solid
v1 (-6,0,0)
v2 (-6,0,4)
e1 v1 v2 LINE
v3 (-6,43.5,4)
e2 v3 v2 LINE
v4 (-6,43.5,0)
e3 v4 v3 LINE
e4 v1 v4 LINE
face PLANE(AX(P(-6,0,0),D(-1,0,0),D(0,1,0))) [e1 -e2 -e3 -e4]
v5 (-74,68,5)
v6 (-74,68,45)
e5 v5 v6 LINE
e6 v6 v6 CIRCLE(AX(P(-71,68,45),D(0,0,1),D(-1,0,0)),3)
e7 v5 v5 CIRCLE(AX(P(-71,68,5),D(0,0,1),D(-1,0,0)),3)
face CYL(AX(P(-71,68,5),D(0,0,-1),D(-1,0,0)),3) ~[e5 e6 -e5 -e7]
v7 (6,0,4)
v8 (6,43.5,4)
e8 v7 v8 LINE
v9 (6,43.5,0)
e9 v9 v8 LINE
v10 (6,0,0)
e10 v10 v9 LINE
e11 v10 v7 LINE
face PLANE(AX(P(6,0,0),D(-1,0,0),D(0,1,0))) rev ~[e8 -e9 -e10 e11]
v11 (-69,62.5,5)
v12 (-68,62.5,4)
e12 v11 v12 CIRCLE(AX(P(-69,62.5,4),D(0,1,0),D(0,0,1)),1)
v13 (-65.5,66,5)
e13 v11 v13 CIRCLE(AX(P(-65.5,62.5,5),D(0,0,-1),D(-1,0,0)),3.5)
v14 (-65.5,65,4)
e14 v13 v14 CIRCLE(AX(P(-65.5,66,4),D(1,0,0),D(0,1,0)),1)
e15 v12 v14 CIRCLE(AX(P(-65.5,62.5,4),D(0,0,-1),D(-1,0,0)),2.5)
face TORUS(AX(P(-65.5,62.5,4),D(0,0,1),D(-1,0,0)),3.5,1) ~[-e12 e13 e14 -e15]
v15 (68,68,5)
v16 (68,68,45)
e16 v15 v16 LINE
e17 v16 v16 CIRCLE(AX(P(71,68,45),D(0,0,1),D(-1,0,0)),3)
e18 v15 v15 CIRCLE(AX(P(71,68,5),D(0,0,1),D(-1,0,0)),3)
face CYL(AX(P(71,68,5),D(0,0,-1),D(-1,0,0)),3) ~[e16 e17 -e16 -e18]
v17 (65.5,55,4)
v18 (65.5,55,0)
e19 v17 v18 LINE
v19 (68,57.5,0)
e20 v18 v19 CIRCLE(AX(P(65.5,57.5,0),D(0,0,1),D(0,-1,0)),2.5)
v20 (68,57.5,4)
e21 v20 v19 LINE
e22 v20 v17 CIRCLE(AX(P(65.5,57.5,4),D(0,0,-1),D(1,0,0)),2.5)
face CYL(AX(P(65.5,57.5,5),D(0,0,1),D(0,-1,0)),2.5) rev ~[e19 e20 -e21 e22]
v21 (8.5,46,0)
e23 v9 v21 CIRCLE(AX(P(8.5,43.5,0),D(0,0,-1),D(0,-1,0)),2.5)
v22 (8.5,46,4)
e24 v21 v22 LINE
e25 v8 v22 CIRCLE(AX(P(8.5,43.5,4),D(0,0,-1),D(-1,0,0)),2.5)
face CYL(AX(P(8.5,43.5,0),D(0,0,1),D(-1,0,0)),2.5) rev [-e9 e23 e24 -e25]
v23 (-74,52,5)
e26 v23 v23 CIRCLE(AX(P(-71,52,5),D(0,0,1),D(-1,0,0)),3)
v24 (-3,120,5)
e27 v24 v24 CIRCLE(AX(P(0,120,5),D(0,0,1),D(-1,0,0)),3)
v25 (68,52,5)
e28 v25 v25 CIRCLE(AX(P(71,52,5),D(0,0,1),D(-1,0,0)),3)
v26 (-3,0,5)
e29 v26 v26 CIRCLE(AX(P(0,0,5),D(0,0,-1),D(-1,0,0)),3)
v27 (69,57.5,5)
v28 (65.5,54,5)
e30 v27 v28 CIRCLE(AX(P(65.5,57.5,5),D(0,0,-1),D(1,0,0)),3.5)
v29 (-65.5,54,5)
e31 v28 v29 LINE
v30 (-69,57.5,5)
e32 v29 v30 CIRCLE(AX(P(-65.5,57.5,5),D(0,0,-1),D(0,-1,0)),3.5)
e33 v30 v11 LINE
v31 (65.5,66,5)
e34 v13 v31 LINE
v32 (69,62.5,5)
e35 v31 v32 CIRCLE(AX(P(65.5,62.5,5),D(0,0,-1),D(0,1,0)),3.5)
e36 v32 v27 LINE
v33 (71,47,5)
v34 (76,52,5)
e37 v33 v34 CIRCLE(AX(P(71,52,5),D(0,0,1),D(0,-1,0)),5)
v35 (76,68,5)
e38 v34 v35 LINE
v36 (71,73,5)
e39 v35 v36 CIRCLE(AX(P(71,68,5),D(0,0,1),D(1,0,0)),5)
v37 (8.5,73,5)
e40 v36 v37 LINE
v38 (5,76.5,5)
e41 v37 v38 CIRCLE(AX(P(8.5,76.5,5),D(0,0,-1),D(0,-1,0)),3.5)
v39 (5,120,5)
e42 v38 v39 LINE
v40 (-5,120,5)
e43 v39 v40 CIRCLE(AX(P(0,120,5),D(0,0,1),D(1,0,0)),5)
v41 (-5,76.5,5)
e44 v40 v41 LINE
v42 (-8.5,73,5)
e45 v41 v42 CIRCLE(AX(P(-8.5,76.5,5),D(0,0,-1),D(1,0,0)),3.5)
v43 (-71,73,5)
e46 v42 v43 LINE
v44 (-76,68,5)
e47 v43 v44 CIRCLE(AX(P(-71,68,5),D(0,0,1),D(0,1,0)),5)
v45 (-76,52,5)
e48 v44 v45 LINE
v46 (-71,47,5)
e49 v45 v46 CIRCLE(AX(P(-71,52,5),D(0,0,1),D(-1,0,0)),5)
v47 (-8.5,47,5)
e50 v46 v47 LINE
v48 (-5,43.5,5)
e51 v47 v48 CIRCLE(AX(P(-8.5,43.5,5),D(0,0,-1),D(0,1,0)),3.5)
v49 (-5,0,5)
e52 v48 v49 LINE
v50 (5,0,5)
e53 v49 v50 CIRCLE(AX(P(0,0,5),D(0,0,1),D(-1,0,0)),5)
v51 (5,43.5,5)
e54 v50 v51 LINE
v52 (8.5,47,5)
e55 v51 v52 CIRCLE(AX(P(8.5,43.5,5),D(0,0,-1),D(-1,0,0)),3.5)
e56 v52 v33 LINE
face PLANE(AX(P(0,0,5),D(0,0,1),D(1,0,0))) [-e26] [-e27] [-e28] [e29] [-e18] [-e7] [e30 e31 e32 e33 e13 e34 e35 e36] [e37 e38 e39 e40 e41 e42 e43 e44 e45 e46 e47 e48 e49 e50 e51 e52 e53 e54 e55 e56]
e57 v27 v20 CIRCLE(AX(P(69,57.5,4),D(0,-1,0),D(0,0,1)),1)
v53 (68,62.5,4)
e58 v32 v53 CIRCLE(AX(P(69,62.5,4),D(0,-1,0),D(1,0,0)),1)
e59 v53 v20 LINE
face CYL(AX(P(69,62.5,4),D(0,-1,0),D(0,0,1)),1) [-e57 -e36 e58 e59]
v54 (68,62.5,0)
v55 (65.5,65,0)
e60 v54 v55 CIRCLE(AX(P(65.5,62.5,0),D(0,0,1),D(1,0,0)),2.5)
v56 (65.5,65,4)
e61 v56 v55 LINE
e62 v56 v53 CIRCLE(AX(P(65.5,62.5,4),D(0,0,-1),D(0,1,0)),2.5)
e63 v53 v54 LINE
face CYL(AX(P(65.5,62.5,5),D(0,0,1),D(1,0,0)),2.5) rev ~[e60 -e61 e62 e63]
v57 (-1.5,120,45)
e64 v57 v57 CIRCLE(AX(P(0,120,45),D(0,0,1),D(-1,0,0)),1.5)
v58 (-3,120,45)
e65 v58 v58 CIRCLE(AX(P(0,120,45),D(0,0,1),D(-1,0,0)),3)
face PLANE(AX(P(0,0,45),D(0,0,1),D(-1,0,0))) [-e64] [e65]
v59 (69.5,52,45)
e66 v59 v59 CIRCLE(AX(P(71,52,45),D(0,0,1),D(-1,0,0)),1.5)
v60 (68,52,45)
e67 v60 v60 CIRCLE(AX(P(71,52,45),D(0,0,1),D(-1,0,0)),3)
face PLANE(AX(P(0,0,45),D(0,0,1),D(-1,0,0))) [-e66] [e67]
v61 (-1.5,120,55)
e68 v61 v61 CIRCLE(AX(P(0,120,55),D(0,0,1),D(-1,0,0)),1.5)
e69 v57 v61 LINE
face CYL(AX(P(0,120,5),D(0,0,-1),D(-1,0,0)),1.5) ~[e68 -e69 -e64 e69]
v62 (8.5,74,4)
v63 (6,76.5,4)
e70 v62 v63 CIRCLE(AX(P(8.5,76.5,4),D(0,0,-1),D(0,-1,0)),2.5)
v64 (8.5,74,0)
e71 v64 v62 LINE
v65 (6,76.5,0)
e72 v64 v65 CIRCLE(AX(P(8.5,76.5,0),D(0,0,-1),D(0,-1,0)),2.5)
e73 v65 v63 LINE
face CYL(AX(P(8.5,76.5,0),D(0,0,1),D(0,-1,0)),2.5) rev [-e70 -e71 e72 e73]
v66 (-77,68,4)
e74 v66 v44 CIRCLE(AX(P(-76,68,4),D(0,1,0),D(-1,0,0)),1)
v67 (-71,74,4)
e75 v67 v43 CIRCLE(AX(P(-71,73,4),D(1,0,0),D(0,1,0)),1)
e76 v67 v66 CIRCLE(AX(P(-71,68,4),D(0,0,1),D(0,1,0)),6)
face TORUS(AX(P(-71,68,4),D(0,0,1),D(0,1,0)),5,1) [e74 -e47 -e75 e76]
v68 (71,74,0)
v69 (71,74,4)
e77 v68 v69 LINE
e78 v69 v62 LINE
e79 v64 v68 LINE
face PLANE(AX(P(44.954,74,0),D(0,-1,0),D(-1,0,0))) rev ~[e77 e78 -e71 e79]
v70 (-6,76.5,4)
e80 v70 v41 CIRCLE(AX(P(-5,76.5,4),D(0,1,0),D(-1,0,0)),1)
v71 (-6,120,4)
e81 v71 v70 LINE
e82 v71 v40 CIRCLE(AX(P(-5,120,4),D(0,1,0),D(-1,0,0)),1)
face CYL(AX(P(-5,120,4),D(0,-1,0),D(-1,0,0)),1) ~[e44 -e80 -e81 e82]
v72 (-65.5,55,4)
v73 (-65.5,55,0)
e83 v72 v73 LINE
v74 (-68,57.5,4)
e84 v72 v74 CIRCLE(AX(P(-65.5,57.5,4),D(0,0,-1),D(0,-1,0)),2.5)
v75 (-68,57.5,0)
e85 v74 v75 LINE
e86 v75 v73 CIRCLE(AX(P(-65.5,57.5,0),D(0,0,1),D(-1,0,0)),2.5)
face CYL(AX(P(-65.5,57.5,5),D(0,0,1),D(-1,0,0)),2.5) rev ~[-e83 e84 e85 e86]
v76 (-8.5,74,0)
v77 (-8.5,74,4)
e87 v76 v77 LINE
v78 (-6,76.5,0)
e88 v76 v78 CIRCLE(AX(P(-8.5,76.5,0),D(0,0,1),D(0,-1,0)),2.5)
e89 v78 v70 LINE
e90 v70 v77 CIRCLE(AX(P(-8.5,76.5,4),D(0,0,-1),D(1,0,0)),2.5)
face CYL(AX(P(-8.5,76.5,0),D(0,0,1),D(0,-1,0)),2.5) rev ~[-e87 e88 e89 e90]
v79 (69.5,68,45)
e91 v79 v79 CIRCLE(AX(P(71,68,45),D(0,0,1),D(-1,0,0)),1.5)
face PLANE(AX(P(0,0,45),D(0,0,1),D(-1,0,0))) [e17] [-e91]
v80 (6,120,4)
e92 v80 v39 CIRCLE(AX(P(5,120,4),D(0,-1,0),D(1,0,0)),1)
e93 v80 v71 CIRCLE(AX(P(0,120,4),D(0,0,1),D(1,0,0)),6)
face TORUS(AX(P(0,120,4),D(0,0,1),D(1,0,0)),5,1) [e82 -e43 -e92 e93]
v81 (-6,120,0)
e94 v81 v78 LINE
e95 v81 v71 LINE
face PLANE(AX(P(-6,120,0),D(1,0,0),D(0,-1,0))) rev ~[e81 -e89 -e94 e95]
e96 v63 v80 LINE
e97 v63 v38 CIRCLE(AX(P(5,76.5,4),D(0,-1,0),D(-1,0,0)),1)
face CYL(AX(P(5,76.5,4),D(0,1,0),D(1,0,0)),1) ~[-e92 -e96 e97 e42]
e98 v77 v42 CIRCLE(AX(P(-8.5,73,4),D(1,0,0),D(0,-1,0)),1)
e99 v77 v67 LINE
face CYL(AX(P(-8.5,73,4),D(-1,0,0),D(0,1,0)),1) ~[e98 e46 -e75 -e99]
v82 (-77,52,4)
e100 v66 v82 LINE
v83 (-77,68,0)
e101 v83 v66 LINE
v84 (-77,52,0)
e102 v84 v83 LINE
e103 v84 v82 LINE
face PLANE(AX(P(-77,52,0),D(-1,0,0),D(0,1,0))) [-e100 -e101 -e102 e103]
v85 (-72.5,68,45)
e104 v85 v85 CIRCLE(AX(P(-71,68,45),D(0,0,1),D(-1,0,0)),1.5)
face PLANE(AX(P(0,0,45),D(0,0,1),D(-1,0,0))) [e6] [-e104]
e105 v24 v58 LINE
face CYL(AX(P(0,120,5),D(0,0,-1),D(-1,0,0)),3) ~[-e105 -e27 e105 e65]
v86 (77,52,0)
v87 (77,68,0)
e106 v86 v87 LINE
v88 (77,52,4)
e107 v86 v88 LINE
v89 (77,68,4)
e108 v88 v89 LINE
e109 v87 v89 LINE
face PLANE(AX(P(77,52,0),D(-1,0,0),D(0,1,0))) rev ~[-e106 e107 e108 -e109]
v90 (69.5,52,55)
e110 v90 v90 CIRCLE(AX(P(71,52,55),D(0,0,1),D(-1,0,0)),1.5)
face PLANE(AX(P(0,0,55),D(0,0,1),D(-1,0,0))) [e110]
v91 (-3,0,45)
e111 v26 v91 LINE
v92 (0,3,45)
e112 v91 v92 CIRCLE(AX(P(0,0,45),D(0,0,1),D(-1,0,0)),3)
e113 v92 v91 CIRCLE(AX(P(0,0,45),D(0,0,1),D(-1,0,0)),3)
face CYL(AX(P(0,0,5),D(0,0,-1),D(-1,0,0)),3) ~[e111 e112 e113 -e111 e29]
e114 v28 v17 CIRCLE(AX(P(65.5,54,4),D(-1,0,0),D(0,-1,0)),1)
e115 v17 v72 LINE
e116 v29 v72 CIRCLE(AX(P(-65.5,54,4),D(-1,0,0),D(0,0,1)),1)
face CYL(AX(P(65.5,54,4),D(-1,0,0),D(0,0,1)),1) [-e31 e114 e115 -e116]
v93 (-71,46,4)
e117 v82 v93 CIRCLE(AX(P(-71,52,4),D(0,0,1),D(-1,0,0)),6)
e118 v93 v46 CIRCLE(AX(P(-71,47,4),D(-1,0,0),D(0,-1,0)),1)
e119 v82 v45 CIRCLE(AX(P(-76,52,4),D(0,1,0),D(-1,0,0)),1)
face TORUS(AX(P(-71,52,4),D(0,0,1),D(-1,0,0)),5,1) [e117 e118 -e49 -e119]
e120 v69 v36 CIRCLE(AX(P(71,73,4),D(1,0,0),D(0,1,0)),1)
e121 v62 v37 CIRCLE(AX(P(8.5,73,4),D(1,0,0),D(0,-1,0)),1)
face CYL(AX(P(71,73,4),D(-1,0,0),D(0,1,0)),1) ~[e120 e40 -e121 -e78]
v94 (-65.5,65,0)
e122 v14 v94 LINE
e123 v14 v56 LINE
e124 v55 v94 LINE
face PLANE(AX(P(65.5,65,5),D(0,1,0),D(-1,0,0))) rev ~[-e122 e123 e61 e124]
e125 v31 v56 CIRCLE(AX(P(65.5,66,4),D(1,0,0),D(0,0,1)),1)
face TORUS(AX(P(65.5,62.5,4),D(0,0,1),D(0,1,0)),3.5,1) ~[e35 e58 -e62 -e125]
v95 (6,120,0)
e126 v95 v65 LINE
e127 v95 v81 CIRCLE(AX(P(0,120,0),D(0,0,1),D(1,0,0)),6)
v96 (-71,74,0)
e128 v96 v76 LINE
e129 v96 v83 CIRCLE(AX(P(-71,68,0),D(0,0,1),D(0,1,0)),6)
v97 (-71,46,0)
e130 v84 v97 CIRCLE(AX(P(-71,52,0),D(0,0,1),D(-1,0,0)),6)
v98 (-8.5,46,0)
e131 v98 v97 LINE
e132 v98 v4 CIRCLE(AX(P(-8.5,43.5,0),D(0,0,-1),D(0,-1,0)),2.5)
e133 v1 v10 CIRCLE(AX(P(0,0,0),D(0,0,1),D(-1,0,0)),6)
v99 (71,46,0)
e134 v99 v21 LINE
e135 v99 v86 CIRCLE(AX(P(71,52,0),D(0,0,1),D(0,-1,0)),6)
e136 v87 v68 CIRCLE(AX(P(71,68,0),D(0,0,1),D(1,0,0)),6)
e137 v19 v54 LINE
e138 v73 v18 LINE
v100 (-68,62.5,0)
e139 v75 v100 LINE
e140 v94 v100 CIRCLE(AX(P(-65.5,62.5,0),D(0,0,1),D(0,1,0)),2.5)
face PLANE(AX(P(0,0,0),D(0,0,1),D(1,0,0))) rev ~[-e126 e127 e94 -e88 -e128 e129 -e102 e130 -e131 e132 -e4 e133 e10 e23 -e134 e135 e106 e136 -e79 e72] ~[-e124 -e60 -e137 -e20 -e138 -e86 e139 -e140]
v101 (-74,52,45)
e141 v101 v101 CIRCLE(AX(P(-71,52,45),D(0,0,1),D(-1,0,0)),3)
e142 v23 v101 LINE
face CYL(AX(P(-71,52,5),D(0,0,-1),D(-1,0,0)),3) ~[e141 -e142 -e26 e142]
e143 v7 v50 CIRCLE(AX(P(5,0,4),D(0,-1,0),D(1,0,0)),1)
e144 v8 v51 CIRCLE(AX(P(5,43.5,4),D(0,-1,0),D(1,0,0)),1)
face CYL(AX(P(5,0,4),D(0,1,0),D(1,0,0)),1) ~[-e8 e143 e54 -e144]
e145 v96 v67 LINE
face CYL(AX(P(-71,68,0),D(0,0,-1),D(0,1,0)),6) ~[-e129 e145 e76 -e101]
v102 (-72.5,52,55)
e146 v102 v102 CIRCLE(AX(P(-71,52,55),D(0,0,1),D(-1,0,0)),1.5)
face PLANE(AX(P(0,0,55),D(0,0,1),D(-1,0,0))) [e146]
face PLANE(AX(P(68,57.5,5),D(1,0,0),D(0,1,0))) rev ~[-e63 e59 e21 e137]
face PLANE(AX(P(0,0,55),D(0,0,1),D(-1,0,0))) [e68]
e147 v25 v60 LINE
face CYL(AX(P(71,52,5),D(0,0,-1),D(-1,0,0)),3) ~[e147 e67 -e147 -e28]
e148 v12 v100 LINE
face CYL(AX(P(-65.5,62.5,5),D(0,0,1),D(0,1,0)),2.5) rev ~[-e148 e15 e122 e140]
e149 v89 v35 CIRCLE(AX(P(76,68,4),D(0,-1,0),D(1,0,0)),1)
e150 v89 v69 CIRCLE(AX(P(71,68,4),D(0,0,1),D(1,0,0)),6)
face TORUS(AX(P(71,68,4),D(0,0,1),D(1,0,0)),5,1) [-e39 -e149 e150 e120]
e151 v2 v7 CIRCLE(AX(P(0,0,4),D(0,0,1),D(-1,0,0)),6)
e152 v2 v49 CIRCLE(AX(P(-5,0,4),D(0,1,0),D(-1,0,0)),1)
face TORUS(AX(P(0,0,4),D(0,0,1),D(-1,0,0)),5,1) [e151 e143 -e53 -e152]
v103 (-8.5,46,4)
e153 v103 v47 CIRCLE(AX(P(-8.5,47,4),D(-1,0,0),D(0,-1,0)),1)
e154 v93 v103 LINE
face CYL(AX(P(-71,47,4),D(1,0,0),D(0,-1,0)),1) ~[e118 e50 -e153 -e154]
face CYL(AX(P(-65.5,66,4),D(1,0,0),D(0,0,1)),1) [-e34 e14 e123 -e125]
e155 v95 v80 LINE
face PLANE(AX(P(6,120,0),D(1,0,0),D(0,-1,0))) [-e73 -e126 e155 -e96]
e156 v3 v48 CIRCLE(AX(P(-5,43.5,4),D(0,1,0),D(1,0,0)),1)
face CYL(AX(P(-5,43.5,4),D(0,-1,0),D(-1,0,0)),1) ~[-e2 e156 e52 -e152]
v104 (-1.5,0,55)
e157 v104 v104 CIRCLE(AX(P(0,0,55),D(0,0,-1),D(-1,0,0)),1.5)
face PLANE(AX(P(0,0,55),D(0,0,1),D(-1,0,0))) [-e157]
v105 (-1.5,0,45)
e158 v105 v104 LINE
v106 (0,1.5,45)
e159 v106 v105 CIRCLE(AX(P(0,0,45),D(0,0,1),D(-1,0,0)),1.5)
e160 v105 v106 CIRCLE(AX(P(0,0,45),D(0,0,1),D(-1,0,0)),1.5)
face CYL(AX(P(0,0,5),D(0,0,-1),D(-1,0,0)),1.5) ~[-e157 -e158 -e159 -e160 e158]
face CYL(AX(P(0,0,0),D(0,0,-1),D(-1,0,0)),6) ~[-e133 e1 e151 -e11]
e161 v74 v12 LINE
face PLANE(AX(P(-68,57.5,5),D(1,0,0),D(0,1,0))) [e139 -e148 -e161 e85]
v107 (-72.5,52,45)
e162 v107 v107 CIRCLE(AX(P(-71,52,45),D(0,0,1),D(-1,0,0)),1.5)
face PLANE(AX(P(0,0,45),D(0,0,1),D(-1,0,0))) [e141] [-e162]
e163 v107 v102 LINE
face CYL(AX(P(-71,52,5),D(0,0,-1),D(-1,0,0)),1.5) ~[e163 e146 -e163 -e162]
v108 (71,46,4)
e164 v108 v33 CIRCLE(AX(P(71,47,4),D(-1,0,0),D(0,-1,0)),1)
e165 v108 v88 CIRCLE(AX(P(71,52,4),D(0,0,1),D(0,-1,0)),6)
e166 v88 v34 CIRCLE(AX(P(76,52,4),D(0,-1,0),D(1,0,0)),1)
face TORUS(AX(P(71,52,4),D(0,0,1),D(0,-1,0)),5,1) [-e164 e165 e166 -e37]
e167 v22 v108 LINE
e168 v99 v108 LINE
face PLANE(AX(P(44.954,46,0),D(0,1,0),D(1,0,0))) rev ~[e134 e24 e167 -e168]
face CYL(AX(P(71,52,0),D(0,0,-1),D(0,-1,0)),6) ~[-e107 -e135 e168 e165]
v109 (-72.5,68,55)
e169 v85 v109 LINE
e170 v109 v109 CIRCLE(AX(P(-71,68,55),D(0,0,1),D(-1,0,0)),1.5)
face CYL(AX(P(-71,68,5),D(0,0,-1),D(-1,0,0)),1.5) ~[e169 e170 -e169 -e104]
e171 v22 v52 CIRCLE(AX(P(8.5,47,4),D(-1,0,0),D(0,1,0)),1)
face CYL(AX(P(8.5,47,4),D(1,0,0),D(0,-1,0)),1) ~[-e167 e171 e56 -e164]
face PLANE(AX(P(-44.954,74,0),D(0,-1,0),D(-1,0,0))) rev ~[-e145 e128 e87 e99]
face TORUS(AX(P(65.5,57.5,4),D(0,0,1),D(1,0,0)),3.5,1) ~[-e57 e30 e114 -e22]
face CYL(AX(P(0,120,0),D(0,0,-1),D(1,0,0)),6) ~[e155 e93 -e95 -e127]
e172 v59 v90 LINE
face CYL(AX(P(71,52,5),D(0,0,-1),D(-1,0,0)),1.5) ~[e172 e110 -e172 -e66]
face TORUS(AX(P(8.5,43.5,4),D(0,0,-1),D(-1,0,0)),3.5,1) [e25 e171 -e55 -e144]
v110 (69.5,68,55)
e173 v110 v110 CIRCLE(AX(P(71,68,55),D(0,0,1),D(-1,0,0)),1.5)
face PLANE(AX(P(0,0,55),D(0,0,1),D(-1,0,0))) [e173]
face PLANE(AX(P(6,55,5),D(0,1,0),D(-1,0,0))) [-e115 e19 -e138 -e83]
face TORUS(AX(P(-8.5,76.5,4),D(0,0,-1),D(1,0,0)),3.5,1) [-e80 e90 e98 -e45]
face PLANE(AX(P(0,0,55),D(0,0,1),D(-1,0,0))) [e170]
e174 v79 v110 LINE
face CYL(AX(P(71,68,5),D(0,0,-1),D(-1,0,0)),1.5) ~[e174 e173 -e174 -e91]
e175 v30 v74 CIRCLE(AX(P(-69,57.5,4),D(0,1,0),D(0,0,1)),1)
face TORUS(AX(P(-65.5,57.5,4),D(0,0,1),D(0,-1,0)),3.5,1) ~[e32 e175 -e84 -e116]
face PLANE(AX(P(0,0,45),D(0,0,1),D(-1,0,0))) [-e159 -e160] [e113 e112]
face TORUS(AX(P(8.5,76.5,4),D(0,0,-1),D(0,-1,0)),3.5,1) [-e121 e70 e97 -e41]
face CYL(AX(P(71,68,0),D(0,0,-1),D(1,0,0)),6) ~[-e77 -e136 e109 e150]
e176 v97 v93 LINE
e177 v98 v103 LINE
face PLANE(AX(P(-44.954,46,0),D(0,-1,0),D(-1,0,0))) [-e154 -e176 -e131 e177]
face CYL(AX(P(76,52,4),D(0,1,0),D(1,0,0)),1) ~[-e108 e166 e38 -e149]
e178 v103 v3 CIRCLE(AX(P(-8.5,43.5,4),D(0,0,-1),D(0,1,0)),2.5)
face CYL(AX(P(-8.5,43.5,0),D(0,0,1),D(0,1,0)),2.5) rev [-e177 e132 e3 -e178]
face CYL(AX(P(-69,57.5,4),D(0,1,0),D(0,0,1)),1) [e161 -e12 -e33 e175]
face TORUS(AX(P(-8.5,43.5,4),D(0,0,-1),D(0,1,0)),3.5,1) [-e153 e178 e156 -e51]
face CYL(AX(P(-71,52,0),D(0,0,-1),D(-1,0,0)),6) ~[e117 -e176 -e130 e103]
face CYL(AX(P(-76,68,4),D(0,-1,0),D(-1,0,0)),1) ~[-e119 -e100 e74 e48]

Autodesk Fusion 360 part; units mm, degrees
sketch "Sketch1" plane through (0, 0, 0) normal (0, 0, 1) x (1, 0, 0)
  line L0 (-3, 0) -> (-6, 0)
  line L1 (-77, 52) -> (-77, 68)
  line L2 (77, 52) -> (77, 68)
  line L3 (44.954, 74) -> (71, 74)
  line L4 (44.954, 74) -> (6, 74)
  line L5 (44.954, 46) -> (6, 46)
  line L6 (44.954, 46) -> (71, 46)
  line L7 (-44.954, 74) -> (-6, 74)
  line L8 (-44.954, 46) -> (-6, 46)
  line L9 (-44.954, 74) -> (-71, 74)
  line L10 (-44.954, 46) -> (-71, 46)
  line L11 (6, 0) -> (6, 46)
  line L12 (-6, 0) -> (-6, 46)
  line L13 (-6, 120) -> (-6, 74)
  line L14 (6, 120) -> (6, 74)
  arc A0 (-71, 74) -> (-77, 68) centre (-71, 68) ccw
  arc A1 (-77, 52) -> (-71, 46) centre (-71, 52) ccw
  arc A2 (6, 120) -> (-6, 120) centre (0, 120) ccw
  arc A3 (77, 68) -> (71, 74) centre (71, 68) ccw
  arc A4 (71, 46) -> (77, 52) centre (71, 52) ccw
  arc A5 (-6, 0) -> (6, 0) centre (0, 0) ccw
  dimension "d7" = 12
  dimension "d8" = 12
  dimension "d12" = 46
extrude "Extrude1" add sketch "Sketch1" along normal blind 5
sketch "Sketch2" plane through (0, 0, 5) normal (0, 0, 1) x (-1, 0, 0)
  line L0 (71, -46) -> (6, -46)
  line L1 (6, -46) -> (6, 0)
  arc A0 (6, 0) -> (-6, 0) centre (0, 0) ccw
  line L2 (-6, 0) -> (-6, -46)
  line L3 (-6, -46) -> (-71, -46)
  arc A1 (-71, -46) -> (-77, -52) centre (-71, -52) ccw
  line L4 (-77, -52) -> (-77, -68)
  arc A2 (-77, -68) -> (-71, -74) centre (-71, -68) ccw
  line L5 (-71, -74) -> (-6, -74)
  line L6 (-6, -74) -> (-6, -120)
  arc A3 (-6, -120) -> (6, -120) centre (0, -120) ccw
  line L7 (6, -120) -> (6, -74)
  line L8 (6, -74) -> (71, -74)
  arc A4 (71, -74) -> (77, -68) centre (71, -68) ccw
  line L9 (77, -68) -> (77, -52)
  arc A5 (77, -52) -> (71, -46) centre (71, -52) ccw
  circle A6 centre (0, -120) radius 3
  circle A7 centre (0, -120) radius 1.5
  line L10 (0, 0) -> (0, -60)
  line L11 (0, -60) -> (-26, -60)
  circle A8 centre (0, 0) radius 1.5
  circle A9 centre (0, 0) radius 3
  circle A10 centre (-71, -68) radius 3
  circle A11 centre (-71, -68) radius 1.5
  circle A12 centre (-71, -52) radius 3
  circle A13 centre (-71, -52) radius 1.5
  circle A14 centre (71, -68) radius 3
  circle A15 centre (71, -68) radius 1.5
  circle A16 centre (71, -52) radius 3
  circle A17 centre (71, -52) radius 1.5
  line L12 (-6, -46) -> (6, -46)
  line L13 (-6, -74) -> (6, -74)
  line L14 (-6, -46) -> (-71, -46)
  line L15 (-77, -52) -> (-77, -68)
  line L16 (-71, -74) -> (-6, -74)
  line L17 (6, -46) -> (71, -46)
  line L18 (77, -52) -> (77, -68)
  line L19 (71, -74) -> (6, -74)
  arc A18 (77, -52) -> (71, -46) centre (71, -52) ccw
  arc A19 (71, -74) -> (77, -68) centre (71, -68) ccw
  arc A20 (-71, -46) -> (-77, -52) centre (-71, -52) ccw
  arc A21 (-77, -68) -> (-71, -74) centre (-71, -68) ccw
  arc A22 (-71, -46) -> (-77, -52) centre (-71, -52) ccw
  arc A23 (-77, -68) -> (-71, -74) centre (-71, -68) ccw
  line L20 (68, -57.5) -> (68, -62.5)
  line L21 (65.5, -65) -> (6, -65)
  line L22 (-6, -65) -> (6, -65)
  line L23 (-65.5, -65) -> (-6, -65)
  line L24 (-68, -57.5) -> (-68, -62.5)
  line L25 (-6, -55) -> (-65.5, -55)
  line L26 (-6, -55) -> (6, -55)
  line L27 (6, -55) -> (65.5, -55)
  arc A24 (-65.5, -55) -> (-68, -57.5) centre (-65.5, -57.5) ccw
  arc A25 (-68, -62.5) -> (-65.5, -65) centre (-65.5, -62.5) ccw
  arc A26 (68, -57.5) -> (65.5, -55) centre (65.5, -57.5) ccw
  arc A27 (65.5, -65) -> (68, -62.5) centre (65.5, -62.5) ccw
  dimension "d15" = 6
  dimension "d16" = 3
  dimension "d17" = 60
  dimension "d18" = 6
  dimension "d19" = 3
  dimension "d28" = 12
  dimension "d30" = 2.5
  dimension "d31" = 2.5
extrude "Extrude2" add sketch "Sketch2" along normal blind 50 contours A8 | A7 | A11 | A13 | A15 | A17
extrude "Extrude3" add sketch "Sketch2" along normal blind 40 contours A9 | A6 | A10 | A12 | A14 | A16
fillet "Fillet1" radius 2.5 4 edges at (6, 46, 2.5) (-6, 46, 2.5) (-6, 74, 2.5) (6, 74, 2.5)
fillet "Fillet2" radius 1 20 edges at (6.7322, 74.7322, 5) (6, 98.25, 5) (0, 126, 5) (-6, 98.25, 5) (-6.7322, 74.7322, 5) (-39.75, 74, 5) (-75.2426, 72.2426, 5) (-77, 60, 5) (-75.2426, 47.7574, 5) (-39.75, 46, 5) (-6.7322, 45.2678, 5) (-6, 21.75, 5) (0, -6, 5) (6, 21.75, 5) (6.7322, 45.2678, 5) (39.75, 46, 5) (75.2426, 47.7574, 5) (77, 60, 5) (75.2426, 72.2426, 5) (39.75, 74, 5)
extrude "Extrude4" cut sketch "Sketch2" against normal blind 14 contours L20 L21 L22 L23 L24 L25 L26 L27 A24 A25 A26 A27
fillet "Fillet3" radius 1 8 edges at (-68, 60, 5) (-67.2678, 64.2678, 5) (0, 65, 5) (67.2678, 64.2678, 5) (68, 60, 5) (67.2678, 55.7322, 5) (0, 55, 5) (-67.2678, 55.7322, 5)
